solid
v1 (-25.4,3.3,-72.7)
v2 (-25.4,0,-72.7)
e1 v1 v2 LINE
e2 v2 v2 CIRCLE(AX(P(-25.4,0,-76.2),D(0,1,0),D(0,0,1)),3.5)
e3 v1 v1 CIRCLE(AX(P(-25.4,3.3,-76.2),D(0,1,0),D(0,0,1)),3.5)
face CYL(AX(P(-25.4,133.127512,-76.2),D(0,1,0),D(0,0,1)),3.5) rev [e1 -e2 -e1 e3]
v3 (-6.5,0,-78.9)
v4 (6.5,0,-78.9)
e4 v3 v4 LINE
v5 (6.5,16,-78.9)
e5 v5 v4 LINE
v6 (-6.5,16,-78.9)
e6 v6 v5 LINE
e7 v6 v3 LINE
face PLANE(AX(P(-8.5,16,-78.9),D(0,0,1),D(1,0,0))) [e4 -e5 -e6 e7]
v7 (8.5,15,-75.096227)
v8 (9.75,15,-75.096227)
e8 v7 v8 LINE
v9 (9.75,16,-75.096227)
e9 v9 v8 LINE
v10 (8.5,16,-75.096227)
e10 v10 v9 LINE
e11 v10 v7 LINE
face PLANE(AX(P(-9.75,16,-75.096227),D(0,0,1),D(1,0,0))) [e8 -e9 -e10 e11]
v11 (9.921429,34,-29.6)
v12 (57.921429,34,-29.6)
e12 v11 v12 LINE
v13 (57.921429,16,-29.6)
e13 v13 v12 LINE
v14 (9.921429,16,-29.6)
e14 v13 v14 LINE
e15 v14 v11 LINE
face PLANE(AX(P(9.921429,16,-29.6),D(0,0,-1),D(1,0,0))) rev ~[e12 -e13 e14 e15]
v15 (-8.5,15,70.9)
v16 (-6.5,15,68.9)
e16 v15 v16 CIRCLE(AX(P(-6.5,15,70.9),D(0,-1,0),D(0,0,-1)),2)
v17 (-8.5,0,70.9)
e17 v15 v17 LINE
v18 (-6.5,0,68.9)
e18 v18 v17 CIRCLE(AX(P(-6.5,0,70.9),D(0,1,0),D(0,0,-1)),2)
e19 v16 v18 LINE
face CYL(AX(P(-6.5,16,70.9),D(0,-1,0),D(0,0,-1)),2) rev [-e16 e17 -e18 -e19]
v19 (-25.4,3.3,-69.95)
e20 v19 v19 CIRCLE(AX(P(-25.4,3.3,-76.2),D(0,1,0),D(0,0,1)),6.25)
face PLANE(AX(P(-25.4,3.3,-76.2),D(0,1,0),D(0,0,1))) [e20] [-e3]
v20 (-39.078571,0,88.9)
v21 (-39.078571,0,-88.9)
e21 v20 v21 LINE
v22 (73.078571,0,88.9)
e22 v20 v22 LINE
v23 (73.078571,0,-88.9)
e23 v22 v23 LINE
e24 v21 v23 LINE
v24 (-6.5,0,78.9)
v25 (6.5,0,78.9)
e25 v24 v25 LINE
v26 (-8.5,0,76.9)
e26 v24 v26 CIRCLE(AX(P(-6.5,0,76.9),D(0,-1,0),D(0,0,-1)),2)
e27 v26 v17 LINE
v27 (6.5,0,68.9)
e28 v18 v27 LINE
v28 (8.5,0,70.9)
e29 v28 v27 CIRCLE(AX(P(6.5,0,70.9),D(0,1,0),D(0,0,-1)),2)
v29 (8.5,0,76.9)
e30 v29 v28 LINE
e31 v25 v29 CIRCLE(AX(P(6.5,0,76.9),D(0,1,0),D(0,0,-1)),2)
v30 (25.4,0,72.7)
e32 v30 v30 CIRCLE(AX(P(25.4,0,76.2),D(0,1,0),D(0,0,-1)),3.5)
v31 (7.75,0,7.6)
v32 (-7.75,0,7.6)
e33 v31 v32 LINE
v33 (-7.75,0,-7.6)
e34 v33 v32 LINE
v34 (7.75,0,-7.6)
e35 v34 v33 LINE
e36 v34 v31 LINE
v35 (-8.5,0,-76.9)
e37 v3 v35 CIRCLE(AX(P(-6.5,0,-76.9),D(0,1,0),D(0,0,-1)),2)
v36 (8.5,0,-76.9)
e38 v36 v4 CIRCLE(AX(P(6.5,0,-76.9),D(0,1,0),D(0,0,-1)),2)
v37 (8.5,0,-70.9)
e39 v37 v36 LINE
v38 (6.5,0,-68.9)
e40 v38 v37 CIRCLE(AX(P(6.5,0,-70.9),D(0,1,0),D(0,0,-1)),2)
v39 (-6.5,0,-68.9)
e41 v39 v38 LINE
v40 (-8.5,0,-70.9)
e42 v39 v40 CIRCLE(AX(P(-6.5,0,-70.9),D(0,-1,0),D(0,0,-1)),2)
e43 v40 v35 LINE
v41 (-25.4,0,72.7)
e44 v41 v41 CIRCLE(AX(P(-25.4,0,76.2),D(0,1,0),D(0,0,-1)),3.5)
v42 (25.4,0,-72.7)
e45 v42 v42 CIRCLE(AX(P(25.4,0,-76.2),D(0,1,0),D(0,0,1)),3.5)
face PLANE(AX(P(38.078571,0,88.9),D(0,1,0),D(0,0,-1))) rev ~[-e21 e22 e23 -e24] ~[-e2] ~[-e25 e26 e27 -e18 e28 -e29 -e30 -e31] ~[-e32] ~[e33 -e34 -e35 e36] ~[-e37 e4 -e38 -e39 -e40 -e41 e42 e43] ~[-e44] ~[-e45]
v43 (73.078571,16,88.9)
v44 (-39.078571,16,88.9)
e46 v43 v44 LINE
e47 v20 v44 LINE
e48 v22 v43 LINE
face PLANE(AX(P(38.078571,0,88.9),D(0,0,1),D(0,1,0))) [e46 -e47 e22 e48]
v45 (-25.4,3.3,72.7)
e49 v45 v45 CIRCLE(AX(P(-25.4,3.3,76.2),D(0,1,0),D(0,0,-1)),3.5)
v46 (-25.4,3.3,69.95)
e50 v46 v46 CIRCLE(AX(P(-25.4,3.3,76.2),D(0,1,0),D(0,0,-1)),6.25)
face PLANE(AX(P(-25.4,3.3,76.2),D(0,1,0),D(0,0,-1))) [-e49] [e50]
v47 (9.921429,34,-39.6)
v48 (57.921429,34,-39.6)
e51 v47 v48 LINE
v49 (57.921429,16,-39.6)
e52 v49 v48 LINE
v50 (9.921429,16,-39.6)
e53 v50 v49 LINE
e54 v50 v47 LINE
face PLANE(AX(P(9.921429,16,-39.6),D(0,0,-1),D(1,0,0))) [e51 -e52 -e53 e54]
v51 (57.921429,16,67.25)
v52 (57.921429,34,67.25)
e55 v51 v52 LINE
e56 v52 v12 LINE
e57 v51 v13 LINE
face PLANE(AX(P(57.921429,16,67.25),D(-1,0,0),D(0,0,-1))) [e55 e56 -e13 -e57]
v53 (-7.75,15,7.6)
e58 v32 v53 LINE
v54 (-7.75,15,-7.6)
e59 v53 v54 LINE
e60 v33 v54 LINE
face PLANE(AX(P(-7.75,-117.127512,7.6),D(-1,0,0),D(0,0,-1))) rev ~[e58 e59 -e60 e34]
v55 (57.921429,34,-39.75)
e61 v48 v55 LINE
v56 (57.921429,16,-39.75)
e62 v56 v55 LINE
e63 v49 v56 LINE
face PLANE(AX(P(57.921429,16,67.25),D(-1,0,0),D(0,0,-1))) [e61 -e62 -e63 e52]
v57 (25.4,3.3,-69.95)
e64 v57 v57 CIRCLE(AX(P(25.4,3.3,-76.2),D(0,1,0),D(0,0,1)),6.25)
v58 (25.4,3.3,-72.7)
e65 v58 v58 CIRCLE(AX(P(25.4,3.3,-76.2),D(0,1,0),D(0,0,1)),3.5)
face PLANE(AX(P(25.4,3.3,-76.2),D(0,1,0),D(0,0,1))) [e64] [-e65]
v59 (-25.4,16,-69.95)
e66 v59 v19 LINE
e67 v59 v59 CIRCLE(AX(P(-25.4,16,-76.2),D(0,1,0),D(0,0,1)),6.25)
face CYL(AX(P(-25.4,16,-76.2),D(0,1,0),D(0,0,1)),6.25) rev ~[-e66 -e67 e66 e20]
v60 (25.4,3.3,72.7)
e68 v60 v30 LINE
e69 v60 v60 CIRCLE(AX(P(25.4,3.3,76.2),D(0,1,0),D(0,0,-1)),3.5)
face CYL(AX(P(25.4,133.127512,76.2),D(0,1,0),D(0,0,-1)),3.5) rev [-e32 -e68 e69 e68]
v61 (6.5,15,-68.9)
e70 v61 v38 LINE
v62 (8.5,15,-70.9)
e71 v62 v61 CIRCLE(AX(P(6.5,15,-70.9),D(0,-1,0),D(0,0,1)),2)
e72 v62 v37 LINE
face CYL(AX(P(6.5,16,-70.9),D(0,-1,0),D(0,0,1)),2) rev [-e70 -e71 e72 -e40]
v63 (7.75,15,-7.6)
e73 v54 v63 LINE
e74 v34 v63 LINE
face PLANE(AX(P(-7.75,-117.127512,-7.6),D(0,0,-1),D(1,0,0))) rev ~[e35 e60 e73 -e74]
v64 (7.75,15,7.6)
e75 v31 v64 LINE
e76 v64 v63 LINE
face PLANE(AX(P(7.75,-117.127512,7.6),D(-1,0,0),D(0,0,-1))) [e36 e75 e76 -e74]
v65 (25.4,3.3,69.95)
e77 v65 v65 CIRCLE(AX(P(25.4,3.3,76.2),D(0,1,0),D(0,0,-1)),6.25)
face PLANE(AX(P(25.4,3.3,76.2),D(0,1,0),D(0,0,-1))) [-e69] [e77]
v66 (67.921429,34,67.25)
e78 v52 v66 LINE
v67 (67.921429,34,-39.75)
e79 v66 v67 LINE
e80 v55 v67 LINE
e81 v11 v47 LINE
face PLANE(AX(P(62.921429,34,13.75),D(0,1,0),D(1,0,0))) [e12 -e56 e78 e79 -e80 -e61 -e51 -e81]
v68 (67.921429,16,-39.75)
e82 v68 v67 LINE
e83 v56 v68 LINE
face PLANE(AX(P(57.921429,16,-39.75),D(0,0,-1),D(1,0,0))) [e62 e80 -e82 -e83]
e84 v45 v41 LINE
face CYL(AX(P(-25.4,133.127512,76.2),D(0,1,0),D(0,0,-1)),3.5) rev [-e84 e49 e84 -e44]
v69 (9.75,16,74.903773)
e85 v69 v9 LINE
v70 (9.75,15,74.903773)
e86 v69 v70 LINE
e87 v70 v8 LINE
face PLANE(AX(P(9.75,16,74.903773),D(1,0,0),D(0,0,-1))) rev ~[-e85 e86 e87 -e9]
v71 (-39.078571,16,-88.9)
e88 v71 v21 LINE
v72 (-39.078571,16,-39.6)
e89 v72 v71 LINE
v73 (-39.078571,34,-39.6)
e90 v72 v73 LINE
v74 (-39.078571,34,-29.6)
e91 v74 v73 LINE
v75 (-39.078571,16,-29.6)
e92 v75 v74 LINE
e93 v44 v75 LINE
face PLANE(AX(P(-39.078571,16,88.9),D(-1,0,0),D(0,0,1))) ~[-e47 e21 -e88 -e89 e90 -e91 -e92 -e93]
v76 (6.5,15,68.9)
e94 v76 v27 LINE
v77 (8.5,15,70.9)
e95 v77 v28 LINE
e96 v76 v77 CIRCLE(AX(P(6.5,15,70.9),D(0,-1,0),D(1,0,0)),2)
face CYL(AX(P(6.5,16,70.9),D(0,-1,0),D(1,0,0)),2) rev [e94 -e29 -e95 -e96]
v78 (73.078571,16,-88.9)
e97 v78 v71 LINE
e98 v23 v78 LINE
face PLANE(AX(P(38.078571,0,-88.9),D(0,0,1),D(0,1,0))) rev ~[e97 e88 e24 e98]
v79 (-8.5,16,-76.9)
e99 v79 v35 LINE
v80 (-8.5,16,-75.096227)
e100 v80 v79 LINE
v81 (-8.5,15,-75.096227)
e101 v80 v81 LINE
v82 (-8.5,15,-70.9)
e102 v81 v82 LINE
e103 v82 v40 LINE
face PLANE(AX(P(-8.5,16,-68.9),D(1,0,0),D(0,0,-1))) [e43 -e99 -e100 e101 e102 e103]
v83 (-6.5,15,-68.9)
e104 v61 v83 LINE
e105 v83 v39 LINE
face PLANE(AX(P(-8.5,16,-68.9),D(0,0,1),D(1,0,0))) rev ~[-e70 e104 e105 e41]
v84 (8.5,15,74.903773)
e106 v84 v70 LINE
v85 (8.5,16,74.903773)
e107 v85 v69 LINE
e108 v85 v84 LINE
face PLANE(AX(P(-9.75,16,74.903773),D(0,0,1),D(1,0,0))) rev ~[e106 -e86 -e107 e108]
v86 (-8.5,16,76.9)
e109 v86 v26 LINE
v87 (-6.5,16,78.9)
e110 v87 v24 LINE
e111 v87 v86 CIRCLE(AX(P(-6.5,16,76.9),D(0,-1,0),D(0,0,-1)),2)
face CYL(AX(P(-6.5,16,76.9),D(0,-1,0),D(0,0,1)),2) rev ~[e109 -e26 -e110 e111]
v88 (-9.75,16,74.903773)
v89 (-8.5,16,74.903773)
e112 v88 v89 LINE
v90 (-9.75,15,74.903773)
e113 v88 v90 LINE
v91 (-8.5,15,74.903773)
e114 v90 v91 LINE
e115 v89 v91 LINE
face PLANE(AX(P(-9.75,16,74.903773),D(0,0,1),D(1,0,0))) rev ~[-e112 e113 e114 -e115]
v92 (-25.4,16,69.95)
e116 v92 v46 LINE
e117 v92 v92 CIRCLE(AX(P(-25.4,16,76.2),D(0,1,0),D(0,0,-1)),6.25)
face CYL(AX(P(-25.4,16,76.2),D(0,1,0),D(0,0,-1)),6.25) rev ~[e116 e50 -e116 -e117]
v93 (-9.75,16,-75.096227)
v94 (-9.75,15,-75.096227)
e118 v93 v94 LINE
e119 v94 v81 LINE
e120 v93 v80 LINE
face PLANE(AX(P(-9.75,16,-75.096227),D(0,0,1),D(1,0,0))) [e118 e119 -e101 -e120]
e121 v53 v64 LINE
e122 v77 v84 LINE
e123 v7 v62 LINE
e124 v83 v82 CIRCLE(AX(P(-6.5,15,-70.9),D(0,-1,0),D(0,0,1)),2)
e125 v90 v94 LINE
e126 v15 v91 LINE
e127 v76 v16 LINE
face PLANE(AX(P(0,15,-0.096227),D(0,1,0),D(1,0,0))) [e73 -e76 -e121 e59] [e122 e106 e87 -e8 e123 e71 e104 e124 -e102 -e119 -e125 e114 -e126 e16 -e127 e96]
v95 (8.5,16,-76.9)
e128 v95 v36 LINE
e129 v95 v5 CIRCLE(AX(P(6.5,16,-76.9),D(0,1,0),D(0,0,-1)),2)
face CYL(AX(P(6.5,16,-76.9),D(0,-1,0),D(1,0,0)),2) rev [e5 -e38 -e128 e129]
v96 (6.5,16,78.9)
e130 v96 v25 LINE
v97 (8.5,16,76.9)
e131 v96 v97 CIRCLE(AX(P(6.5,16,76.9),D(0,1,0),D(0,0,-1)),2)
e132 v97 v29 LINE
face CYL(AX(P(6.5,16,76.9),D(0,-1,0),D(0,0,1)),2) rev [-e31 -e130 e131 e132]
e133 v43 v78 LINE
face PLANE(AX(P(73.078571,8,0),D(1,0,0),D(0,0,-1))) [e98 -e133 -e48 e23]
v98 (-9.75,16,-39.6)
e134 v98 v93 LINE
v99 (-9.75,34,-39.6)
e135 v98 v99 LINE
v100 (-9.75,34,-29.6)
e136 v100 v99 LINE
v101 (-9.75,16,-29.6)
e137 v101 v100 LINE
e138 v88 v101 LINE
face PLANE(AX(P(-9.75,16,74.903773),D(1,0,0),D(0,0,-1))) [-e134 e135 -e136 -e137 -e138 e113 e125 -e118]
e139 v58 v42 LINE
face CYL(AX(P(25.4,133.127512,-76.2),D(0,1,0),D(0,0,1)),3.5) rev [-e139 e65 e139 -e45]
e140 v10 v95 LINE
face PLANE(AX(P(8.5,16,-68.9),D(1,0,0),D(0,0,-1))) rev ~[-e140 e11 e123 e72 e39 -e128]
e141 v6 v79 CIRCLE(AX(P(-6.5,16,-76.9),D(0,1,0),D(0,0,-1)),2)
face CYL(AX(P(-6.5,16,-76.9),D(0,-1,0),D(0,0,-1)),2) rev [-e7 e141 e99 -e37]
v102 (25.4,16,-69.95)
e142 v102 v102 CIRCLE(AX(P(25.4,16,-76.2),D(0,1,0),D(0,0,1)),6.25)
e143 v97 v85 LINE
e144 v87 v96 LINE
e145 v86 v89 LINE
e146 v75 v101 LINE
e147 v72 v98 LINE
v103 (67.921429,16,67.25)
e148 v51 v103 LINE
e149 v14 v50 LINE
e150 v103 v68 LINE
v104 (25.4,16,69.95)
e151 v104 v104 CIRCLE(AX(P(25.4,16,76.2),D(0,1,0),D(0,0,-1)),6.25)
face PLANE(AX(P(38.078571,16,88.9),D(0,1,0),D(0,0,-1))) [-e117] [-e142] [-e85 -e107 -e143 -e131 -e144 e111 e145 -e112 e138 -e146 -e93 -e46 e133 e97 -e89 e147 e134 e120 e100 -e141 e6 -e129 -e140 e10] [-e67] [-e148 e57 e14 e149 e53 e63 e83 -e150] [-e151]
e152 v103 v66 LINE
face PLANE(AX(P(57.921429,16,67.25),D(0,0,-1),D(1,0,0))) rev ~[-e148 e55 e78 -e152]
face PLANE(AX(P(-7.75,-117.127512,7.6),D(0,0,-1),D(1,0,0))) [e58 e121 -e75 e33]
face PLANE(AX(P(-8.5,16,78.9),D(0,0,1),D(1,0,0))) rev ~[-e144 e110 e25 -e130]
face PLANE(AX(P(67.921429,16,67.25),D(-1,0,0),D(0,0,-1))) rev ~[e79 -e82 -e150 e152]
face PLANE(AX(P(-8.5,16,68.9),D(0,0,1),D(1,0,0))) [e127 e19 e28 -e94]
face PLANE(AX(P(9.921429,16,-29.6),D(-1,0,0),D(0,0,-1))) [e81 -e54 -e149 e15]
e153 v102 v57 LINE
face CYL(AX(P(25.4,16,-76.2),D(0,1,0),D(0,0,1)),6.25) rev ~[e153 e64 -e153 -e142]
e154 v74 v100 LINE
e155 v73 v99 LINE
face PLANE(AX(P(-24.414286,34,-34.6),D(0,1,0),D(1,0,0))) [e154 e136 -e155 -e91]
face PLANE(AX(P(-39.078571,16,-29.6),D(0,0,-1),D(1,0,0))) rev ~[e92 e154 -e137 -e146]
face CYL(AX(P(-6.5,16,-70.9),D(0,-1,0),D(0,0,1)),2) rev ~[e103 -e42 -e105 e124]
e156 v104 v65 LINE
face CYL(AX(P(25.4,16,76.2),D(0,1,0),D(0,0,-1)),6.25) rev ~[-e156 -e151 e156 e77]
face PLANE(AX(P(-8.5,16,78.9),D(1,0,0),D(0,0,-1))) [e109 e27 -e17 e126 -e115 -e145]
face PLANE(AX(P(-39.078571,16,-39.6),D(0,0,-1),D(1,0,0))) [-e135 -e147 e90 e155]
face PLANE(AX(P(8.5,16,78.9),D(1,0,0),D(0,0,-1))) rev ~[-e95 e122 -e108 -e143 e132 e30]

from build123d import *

# Parameters (mm, degrees)
SKETCH1_W               = 192.857142858
SKETCH1_H               = 177.8
BOSS_EXTRUDE1_DEPTH     = 16
SKETCH3_R               = 6.25
CUT_EXTRUDE1_DEPTH      = 12.7
CUT_EXTRUDE2_DEPTH      = 133.12751185
CUT_EXTRUDE2_DEPTH_BACK = 133.12751185
SKETCH6_R               = 3.5
CUT_EXTRUDE3_DEPTH      = 133.12751185
CUT_EXTRUDE3_DEPTH_BACK = 133.12751185
SKETCH7_W               = 15.5
SKETCH7_H               = 15.2
SKETCH17_W              = 58.35
SKETCH17_H              = 177.8
CUT_EXTRUDE10_DEPTH     = 133.12751185
SKETCH18_W              = 17
SKETCH18_H              = 10
CUT_EXTRUDE11_DEPTH     = 99.419229548
FILLET1_R               = 2
SKETCH19_W              = 48
SKETCH19_H              = 10
BOSS_EXTRUDE2_DEPTH     = 18
SKETCH20_W              = 177.8
SKETCH20_H              = 16
BOSS_EXTRUDE3_DEPTH     = 35
SKETCH21_W              = 10
SKETCH21_H              = 107
BOSS_EXTRUDE4_DEPTH     = 18
SKETCH23_W              = 17
SKETCH23_H              = 10
CUT_EXTRUDE12_DEPTH     = 30
FILLET2_R               = 2
SKETCH22_W              = 19.5
SKETCH22_H              = 150
CUT_EXTRUDE13_DEPTH     = 1
SKETCH24_W              = 29.328571429
SKETCH24_H              = 10
BOSS_EXTRUDE5_DEPTH     = 18


with BuildPart() as part:
    # Sketch1 → Boss-Extrude1 (new body)
    with BuildSketch(Plane(origin=(0, 0, 0), x_dir=(1, 0, 0), z_dir=(0, 1, 0))):
        Rectangle(SKETCH1_W, SKETCH1_H)
    extrude(amount=BOSS_EXTRUDE1_DEPTH)

    # Sketch3 → Cut-Extrude1 (cut)
    with BuildSketch(Plane(origin=(0, 16, 0), x_dir=(1, 0, 0), z_dir=(0, 1, 0))):
        with Locations(Location((-25.4, 76.2, 0), (0, 0, 270))):
            Circle(SKETCH3_R)
        with Locations(Location((25.4, 76.2, 0), (0, 0, 270))):
            Circle(SKETCH3_R)
        with Locations(Location((25.4, -76.2, 0), (0, 0, 90))):
            Circle(SKETCH3_R)
        with Locations(Location((-25.4, -76.2, 0), (0, 0, 90))):
            Circle(SKETCH3_R)
    extrude(amount=-CUT_EXTRUDE1_DEPTH, mode=Mode.SUBTRACT)

    # Sketch6 → Cut-Extrude2 (cut, two sides: drawn at the far end of the back side and taken through both)
    with BuildSketch(Plane(origin=(0, 0, 0), x_dir=(-1, 0, 0), z_dir=(0, -1, 0)).offset(-CUT_EXTRUDE2_DEPTH_BACK)):
        with Locations(Location((25.4, -76.2, 0), (0, 0, 90))):
            Circle(SKETCH6_R)
        with Locations(Location((-25.4, -76.2, 0), (0, 0, 90))):
            Circle(SKETCH6_R)
        with Locations(Location((-25.4, 76.2, 0), (0, 0, 270))):
            Circle(SKETCH6_R)
        with Locations(Location((25.4, 76.2, 0), (0, 0, 270))):
            Circle(SKETCH6_R)
    extrude(amount=CUT_EXTRUDE2_DEPTH + CUT_EXTRUDE2_DEPTH_BACK, mode=Mode.SUBTRACT)

    # Sketch7 → Cut-Extrude3 (cut, two sides: drawn at the far end of the back side and taken through both)
    with BuildSketch(Plane(origin=(0, 16, 0), x_dir=(1, 0, 0), z_dir=(0, 1, 0)).offset(-CUT_EXTRUDE3_DEPTH_BACK)):
        Rectangle(SKETCH7_W, SKETCH7_H)
    extrude(amount=CUT_EXTRUDE3_DEPTH + CUT_EXTRUDE3_DEPTH_BACK, mode=Mode.SUBTRACT)

    # Sketch17 → Cut-Extrude10 (cut, symmetric)
    with BuildSketch(Plane(origin=(0, 16, 0), x_dir=(1, 0, 0), z_dir=(0, 1, 0))):
        with Locations((67.253571429, 0)):
            Rectangle(SKETCH17_W, SKETCH17_H)
    cut_extrude10 = extrude(amount=CUT_EXTRUDE10_DEPTH, both=True, mode=Mode.SUBTRACT)

    # Mirror5: Cut-Extrude10 across plane
    add(cut_extrude10.mirror(Plane(origin=(-0.5, 0, 0), x_dir=(0, 0, 1), z_dir=(1, 0, 0))), mode=Mode.SUBTRACT)

    # Sketch18 → Cut-Extrude11 (cut, through all)
    with BuildSketch(Plane(origin=(0, 16, 0), x_dir=(1, 0, 0), z_dir=(0, 1, 0))):
        with Locations((0, -73.9)):
            Rectangle(SKETCH18_W, SKETCH18_H)
    extrude(amount=-CUT_EXTRUDE11_DEPTH, mode=Mode.SUBTRACT)

    # Fillet1
    fillet1_edges = [part.edges().sort_by_distance(p)[0] for p in [
        (-8.5, 8, 78.9),
        (-8.5, 8, 68.9),
        (8.5, 8, 68.9),
        (8.5, 8, 78.9),
    ]]
    fillet(fillet1_edges, radius=FILLET1_R)

    # Sketch19 → Boss-Extrude2 (add)
    with BuildSketch(Plane(origin=(0, 16, 0), x_dir=(1, 0, 0), z_dir=(0, 1, 0))):
        with Locations((33.921428571, 34.6)):
            Rectangle(SKETCH19_W, SKETCH19_H)
    extrude(amount=BOSS_EXTRUDE2_DEPTH)

    # Sketch20 → Boss-Extrude3 (add)
    with BuildSketch(Plane(origin=(38.078571429, 0, 0), x_dir=(0, 0, -1), z_dir=(1, 0, 0))):
        with Locations((0, 8)):
            Rectangle(SKETCH20_W, SKETCH20_H)
    extrude(amount=BOSS_EXTRUDE3_DEPTH)

    # Sketch21 → Boss-Extrude4 (add)
    with BuildSketch(Plane(origin=(0, 16, 0), x_dir=(1, 0, 0), z_dir=(0, 1, 0))):
        with Locations((62.921428571, -13.75)):
            Rectangle(SKETCH21_W, SKETCH21_H)
    extrude(amount=BOSS_EXTRUDE4_DEPTH)

    # Sketch23 → Cut-Extrude12 (cut)
    with BuildSketch(Plane(origin=(0, 16, 0), x_dir=(1, 0, 0), z_dir=(0, 1, 0))):
        with Locations((0, 73.9)):
            Rectangle(SKETCH23_W, SKETCH23_H)
    extrude(amount=-CUT_EXTRUDE12_DEPTH, mode=Mode.SUBTRACT)

    # Fillet2
    fillet2_edges = [part.edges().sort_by_distance(p)[0] for p in [
        (-8.5, 8, -68.9),
        (-8.5, 8, -78.9),
        (8.5, 8, -78.9),
        (8.5, 8, -68.9),
    ]]
    fillet(fillet2_edges, radius=FILLET2_R)

    # Sketch22 → Cut-Extrude13 (cut)
    with BuildSketch(Plane(origin=(0, 16, 0), x_dir=(1, 0, 0), z_dir=(0, 1, 0))):
        with Locations((0, 0.096227078)):
            Rectangle(SKETCH22_W, SKETCH22_H)
    extrude(amount=-CUT_EXTRUDE13_DEPTH, mode=Mode.SUBTRACT)

    # Sketch24 → Boss-Extrude5 (add)
    with BuildSketch(Plane(origin=(0, 16, 0), x_dir=(1, 0, 0), z_dir=(0, 1, 0))):
        with Locations((-24.414285715, 34.6)):
            Rectangle(SKETCH24_W, SKETCH24_H)
    extrude(amount=BOSS_EXTRUDE5_DEPTH)


solid = part.part
